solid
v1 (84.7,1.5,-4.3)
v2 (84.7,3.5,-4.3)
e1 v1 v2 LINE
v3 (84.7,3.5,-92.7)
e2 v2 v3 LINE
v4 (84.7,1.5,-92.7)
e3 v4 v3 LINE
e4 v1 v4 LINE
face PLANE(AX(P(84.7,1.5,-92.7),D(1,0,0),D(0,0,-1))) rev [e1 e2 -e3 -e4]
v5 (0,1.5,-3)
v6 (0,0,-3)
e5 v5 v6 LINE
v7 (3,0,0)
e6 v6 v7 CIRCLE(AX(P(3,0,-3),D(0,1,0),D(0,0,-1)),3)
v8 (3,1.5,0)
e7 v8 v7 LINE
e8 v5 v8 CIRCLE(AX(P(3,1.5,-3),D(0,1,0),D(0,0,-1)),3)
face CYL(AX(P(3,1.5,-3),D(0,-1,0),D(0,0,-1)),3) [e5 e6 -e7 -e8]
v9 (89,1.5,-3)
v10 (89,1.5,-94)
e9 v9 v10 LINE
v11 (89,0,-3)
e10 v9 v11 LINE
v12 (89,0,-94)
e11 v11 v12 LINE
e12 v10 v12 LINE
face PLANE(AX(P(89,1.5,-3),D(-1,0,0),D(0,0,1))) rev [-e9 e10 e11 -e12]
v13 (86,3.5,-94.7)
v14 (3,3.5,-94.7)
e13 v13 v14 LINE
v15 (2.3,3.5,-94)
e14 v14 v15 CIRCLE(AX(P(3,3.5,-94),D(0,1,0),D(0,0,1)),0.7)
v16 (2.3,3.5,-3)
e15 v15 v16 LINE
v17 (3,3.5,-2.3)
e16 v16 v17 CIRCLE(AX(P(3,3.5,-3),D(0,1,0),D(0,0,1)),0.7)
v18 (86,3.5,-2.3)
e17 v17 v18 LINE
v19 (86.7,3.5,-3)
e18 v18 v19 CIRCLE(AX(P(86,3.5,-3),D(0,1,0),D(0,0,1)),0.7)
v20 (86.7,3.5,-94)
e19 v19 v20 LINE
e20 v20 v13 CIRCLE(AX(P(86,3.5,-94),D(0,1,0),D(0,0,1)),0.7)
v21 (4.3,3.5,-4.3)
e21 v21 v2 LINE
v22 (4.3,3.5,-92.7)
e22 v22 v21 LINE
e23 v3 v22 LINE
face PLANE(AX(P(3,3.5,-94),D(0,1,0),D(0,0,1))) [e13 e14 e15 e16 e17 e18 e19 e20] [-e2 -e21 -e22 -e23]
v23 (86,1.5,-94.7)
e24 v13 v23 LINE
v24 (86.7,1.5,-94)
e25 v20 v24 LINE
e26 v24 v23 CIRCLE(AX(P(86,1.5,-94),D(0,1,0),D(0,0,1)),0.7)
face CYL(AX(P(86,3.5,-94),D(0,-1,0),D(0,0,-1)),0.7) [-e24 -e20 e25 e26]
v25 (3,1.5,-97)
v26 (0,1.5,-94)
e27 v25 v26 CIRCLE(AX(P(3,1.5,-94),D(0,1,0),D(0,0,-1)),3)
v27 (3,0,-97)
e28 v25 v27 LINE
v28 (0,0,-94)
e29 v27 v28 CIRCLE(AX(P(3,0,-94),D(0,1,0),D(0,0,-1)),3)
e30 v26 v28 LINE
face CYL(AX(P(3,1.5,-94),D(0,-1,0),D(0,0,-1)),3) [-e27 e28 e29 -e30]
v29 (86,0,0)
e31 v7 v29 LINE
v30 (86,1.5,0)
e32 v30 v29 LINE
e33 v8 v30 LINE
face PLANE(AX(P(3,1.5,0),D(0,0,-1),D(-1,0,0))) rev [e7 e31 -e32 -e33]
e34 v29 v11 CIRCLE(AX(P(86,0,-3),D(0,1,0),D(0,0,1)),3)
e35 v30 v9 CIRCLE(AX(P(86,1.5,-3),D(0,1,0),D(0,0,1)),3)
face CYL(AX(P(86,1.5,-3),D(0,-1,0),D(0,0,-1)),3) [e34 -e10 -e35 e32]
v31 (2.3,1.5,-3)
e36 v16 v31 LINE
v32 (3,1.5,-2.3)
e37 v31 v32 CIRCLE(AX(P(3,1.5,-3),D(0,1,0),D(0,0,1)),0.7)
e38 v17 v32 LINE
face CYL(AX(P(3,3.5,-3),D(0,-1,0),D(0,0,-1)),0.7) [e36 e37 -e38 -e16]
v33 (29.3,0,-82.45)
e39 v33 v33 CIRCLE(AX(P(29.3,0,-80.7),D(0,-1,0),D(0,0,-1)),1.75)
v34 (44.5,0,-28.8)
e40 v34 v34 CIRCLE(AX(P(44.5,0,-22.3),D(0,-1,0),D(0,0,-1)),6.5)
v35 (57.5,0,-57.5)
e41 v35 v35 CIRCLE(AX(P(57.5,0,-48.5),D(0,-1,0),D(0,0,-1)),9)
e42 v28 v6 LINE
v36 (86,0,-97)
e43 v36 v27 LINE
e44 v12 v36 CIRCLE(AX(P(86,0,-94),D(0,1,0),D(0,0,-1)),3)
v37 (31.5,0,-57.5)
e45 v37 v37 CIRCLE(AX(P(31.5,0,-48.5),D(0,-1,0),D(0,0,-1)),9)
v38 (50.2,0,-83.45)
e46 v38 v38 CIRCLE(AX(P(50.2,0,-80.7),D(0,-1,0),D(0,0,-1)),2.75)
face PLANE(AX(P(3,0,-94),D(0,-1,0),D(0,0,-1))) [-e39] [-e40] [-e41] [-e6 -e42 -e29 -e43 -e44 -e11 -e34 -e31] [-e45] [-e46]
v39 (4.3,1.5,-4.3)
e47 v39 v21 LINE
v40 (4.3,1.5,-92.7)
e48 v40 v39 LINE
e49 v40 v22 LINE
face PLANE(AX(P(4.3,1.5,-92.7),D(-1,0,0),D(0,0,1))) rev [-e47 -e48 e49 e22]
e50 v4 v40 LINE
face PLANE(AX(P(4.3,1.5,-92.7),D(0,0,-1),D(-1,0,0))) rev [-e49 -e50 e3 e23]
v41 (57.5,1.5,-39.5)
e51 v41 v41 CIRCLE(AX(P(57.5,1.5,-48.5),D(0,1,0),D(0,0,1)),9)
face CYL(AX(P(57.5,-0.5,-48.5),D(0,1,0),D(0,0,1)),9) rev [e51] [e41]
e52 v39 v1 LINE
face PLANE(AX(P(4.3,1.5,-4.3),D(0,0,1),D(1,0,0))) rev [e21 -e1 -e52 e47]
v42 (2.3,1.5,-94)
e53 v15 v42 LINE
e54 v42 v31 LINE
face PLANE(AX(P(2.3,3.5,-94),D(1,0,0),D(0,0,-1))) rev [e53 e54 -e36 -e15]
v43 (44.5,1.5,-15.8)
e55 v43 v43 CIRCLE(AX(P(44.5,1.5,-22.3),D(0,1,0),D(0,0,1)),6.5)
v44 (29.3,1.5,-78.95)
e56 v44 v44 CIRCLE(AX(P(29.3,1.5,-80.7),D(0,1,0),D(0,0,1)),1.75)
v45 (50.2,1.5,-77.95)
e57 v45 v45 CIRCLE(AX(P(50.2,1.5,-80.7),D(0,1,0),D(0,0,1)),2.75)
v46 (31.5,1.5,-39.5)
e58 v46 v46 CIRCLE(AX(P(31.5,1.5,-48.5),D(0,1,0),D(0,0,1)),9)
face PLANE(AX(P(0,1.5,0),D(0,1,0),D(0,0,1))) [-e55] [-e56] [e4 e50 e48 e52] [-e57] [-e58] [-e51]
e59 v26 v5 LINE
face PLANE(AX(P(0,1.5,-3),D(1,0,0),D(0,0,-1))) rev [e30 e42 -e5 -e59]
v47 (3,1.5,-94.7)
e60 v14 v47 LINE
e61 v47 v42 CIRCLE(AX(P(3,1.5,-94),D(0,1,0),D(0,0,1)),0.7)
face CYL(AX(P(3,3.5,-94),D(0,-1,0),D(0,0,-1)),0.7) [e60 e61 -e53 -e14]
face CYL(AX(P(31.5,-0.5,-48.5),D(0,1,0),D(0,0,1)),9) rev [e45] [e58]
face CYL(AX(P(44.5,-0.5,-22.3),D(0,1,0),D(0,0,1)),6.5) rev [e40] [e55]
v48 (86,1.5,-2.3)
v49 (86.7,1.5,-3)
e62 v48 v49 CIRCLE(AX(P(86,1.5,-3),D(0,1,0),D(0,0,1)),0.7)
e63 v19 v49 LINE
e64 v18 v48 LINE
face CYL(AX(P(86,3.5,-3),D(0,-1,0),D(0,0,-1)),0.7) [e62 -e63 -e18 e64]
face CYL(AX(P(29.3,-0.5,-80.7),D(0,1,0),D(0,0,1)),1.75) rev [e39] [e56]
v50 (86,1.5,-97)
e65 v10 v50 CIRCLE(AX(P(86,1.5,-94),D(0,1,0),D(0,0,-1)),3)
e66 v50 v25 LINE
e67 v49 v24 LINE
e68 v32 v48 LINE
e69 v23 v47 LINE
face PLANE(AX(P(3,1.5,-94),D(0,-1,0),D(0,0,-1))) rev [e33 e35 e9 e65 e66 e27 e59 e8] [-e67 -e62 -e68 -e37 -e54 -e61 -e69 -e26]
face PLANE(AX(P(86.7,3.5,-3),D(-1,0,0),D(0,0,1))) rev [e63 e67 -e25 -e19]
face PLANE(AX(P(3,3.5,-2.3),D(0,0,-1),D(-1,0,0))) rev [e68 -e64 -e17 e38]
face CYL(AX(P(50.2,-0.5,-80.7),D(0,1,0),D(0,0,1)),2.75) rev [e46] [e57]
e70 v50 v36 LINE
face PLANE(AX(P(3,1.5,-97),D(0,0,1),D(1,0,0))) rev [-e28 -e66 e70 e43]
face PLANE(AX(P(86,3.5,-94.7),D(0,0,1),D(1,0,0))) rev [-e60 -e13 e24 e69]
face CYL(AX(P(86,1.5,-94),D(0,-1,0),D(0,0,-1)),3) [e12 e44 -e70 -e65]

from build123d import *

# Parameters (mm, degrees)
BOSS_EXTRUDE1_DEPTH = 1.5
BOSS_EXTRUDE2_DEPTH = 2
SKETCH3_W           = 80.4
SKETCH3_H           = 88.4
CUT_EXTRUDE1_DEPTH  = 2
SKETCH4_R           = 9
CUT_EXTRUDE2_DEPTH  = 2
SKETCH5_R           = 1.75
SKETCH5_R_2         = 2.75
CUT_EXTRUDE3_DEPTH  = 2
SKETCH6_R           = 6.5
CUT_EXTRUDE4_DEPTH  = 2


with BuildPart() as part:
    # Sketch1 → Boss-Extrude1 (new body)
    with BuildSketch(Plane(origin=(0, 0, 0), x_dir=(1, 0, 0), z_dir=(0, 1, 0))):
        with BuildLine():
            Line((3, 0), (86, 0))
            ThreePointArc((86, 0), (88.121320344, 0.878679656), (89, 3))
            Line((89, 3), (89, 94))
            ThreePointArc((89, 94), (88.121320344, 96.121320344), (86, 97))
            Line((86, 97), (3, 97))
            ThreePointArc((3, 97), (0.878679656, 96.121320344), (0, 94))
            Line((0, 94), (0, 3))
            ThreePointArc((0, 3), (0.878679656, 0.878679656), (3, 0))
        make_face()
    extrude(amount=BOSS_EXTRUDE1_DEPTH)

    # Sketch2 → Boss-Extrude2 (add)
    with BuildSketch(Plane(origin=(0, 1.5, 0), x_dir=(1, 0, 0), z_dir=(0, 1, 0))):
        with BuildLine():
            Line((2.3, 94), (2.3, 3))
            ThreePointArc((2.3, 3), (2.505025253, 2.505025253), (3, 2.3))
            Line((3, 2.3), (86, 2.3))
            ThreePointArc((86, 2.3), (86.494974747, 2.505025253), (86.7, 3))
            Line((86.7, 3), (86.7, 94))
            ThreePointArc((86.7, 94), (86.494974747, 94.494974747), (86, 94.7))
            Line((86, 94.7), (3, 94.7))
            ThreePointArc((3, 94.7), (2.505025253, 94.494974747), (2.3, 94))
        make_face()
    extrude(amount=BOSS_EXTRUDE2_DEPTH)

    # Sketch3 → Cut-Extrude1 (cut)
    with BuildSketch(Plane(origin=(0, 3.5, 0), x_dir=(1, 0, 0), z_dir=(0, 1, 0))):
        with Locations((44.5, 48.5)):
            Rectangle(SKETCH3_W, SKETCH3_H)
    extrude(amount=-CUT_EXTRUDE1_DEPTH, mode=Mode.SUBTRACT)

    # Sketch4 → Cut-Extrude2 (cut)
    with BuildSketch(Plane(origin=(0, 1.5, 0), x_dir=(1, 0, 0), z_dir=(0, 1, 0))):
        with Locations((31.5, 48.5)):
            Circle(SKETCH4_R)
        with Locations((57.5, 48.5)):
            Circle(SKETCH4_R)
    extrude(amount=-CUT_EXTRUDE2_DEPTH, mode=Mode.SUBTRACT)

    # Sketch5 → Cut-Extrude3 (cut)
    with BuildSketch(Plane(origin=(0, 1.5, 0), x_dir=(1, 0, 0), z_dir=(0, 1, 0))):
        with Locations((29.3, 80.7)):
            Circle(SKETCH5_R)
        with Locations((50.2, 80.7)):
            Circle(SKETCH5_R_2)
    extrude(amount=-CUT_EXTRUDE3_DEPTH, mode=Mode.SUBTRACT)

    # Sketch6 → Cut-Extrude4 (cut)
    with BuildSketch(Plane(origin=(0, 1.5, 0), x_dir=(1, 0, 0), z_dir=(0, 1, 0))):
        with Locations((44.5, 22.3)):
            Circle(SKETCH6_R)
    extrude(amount=-CUT_EXTRUDE4_DEPTH, mode=Mode.SUBTRACT)


solid = part.part
